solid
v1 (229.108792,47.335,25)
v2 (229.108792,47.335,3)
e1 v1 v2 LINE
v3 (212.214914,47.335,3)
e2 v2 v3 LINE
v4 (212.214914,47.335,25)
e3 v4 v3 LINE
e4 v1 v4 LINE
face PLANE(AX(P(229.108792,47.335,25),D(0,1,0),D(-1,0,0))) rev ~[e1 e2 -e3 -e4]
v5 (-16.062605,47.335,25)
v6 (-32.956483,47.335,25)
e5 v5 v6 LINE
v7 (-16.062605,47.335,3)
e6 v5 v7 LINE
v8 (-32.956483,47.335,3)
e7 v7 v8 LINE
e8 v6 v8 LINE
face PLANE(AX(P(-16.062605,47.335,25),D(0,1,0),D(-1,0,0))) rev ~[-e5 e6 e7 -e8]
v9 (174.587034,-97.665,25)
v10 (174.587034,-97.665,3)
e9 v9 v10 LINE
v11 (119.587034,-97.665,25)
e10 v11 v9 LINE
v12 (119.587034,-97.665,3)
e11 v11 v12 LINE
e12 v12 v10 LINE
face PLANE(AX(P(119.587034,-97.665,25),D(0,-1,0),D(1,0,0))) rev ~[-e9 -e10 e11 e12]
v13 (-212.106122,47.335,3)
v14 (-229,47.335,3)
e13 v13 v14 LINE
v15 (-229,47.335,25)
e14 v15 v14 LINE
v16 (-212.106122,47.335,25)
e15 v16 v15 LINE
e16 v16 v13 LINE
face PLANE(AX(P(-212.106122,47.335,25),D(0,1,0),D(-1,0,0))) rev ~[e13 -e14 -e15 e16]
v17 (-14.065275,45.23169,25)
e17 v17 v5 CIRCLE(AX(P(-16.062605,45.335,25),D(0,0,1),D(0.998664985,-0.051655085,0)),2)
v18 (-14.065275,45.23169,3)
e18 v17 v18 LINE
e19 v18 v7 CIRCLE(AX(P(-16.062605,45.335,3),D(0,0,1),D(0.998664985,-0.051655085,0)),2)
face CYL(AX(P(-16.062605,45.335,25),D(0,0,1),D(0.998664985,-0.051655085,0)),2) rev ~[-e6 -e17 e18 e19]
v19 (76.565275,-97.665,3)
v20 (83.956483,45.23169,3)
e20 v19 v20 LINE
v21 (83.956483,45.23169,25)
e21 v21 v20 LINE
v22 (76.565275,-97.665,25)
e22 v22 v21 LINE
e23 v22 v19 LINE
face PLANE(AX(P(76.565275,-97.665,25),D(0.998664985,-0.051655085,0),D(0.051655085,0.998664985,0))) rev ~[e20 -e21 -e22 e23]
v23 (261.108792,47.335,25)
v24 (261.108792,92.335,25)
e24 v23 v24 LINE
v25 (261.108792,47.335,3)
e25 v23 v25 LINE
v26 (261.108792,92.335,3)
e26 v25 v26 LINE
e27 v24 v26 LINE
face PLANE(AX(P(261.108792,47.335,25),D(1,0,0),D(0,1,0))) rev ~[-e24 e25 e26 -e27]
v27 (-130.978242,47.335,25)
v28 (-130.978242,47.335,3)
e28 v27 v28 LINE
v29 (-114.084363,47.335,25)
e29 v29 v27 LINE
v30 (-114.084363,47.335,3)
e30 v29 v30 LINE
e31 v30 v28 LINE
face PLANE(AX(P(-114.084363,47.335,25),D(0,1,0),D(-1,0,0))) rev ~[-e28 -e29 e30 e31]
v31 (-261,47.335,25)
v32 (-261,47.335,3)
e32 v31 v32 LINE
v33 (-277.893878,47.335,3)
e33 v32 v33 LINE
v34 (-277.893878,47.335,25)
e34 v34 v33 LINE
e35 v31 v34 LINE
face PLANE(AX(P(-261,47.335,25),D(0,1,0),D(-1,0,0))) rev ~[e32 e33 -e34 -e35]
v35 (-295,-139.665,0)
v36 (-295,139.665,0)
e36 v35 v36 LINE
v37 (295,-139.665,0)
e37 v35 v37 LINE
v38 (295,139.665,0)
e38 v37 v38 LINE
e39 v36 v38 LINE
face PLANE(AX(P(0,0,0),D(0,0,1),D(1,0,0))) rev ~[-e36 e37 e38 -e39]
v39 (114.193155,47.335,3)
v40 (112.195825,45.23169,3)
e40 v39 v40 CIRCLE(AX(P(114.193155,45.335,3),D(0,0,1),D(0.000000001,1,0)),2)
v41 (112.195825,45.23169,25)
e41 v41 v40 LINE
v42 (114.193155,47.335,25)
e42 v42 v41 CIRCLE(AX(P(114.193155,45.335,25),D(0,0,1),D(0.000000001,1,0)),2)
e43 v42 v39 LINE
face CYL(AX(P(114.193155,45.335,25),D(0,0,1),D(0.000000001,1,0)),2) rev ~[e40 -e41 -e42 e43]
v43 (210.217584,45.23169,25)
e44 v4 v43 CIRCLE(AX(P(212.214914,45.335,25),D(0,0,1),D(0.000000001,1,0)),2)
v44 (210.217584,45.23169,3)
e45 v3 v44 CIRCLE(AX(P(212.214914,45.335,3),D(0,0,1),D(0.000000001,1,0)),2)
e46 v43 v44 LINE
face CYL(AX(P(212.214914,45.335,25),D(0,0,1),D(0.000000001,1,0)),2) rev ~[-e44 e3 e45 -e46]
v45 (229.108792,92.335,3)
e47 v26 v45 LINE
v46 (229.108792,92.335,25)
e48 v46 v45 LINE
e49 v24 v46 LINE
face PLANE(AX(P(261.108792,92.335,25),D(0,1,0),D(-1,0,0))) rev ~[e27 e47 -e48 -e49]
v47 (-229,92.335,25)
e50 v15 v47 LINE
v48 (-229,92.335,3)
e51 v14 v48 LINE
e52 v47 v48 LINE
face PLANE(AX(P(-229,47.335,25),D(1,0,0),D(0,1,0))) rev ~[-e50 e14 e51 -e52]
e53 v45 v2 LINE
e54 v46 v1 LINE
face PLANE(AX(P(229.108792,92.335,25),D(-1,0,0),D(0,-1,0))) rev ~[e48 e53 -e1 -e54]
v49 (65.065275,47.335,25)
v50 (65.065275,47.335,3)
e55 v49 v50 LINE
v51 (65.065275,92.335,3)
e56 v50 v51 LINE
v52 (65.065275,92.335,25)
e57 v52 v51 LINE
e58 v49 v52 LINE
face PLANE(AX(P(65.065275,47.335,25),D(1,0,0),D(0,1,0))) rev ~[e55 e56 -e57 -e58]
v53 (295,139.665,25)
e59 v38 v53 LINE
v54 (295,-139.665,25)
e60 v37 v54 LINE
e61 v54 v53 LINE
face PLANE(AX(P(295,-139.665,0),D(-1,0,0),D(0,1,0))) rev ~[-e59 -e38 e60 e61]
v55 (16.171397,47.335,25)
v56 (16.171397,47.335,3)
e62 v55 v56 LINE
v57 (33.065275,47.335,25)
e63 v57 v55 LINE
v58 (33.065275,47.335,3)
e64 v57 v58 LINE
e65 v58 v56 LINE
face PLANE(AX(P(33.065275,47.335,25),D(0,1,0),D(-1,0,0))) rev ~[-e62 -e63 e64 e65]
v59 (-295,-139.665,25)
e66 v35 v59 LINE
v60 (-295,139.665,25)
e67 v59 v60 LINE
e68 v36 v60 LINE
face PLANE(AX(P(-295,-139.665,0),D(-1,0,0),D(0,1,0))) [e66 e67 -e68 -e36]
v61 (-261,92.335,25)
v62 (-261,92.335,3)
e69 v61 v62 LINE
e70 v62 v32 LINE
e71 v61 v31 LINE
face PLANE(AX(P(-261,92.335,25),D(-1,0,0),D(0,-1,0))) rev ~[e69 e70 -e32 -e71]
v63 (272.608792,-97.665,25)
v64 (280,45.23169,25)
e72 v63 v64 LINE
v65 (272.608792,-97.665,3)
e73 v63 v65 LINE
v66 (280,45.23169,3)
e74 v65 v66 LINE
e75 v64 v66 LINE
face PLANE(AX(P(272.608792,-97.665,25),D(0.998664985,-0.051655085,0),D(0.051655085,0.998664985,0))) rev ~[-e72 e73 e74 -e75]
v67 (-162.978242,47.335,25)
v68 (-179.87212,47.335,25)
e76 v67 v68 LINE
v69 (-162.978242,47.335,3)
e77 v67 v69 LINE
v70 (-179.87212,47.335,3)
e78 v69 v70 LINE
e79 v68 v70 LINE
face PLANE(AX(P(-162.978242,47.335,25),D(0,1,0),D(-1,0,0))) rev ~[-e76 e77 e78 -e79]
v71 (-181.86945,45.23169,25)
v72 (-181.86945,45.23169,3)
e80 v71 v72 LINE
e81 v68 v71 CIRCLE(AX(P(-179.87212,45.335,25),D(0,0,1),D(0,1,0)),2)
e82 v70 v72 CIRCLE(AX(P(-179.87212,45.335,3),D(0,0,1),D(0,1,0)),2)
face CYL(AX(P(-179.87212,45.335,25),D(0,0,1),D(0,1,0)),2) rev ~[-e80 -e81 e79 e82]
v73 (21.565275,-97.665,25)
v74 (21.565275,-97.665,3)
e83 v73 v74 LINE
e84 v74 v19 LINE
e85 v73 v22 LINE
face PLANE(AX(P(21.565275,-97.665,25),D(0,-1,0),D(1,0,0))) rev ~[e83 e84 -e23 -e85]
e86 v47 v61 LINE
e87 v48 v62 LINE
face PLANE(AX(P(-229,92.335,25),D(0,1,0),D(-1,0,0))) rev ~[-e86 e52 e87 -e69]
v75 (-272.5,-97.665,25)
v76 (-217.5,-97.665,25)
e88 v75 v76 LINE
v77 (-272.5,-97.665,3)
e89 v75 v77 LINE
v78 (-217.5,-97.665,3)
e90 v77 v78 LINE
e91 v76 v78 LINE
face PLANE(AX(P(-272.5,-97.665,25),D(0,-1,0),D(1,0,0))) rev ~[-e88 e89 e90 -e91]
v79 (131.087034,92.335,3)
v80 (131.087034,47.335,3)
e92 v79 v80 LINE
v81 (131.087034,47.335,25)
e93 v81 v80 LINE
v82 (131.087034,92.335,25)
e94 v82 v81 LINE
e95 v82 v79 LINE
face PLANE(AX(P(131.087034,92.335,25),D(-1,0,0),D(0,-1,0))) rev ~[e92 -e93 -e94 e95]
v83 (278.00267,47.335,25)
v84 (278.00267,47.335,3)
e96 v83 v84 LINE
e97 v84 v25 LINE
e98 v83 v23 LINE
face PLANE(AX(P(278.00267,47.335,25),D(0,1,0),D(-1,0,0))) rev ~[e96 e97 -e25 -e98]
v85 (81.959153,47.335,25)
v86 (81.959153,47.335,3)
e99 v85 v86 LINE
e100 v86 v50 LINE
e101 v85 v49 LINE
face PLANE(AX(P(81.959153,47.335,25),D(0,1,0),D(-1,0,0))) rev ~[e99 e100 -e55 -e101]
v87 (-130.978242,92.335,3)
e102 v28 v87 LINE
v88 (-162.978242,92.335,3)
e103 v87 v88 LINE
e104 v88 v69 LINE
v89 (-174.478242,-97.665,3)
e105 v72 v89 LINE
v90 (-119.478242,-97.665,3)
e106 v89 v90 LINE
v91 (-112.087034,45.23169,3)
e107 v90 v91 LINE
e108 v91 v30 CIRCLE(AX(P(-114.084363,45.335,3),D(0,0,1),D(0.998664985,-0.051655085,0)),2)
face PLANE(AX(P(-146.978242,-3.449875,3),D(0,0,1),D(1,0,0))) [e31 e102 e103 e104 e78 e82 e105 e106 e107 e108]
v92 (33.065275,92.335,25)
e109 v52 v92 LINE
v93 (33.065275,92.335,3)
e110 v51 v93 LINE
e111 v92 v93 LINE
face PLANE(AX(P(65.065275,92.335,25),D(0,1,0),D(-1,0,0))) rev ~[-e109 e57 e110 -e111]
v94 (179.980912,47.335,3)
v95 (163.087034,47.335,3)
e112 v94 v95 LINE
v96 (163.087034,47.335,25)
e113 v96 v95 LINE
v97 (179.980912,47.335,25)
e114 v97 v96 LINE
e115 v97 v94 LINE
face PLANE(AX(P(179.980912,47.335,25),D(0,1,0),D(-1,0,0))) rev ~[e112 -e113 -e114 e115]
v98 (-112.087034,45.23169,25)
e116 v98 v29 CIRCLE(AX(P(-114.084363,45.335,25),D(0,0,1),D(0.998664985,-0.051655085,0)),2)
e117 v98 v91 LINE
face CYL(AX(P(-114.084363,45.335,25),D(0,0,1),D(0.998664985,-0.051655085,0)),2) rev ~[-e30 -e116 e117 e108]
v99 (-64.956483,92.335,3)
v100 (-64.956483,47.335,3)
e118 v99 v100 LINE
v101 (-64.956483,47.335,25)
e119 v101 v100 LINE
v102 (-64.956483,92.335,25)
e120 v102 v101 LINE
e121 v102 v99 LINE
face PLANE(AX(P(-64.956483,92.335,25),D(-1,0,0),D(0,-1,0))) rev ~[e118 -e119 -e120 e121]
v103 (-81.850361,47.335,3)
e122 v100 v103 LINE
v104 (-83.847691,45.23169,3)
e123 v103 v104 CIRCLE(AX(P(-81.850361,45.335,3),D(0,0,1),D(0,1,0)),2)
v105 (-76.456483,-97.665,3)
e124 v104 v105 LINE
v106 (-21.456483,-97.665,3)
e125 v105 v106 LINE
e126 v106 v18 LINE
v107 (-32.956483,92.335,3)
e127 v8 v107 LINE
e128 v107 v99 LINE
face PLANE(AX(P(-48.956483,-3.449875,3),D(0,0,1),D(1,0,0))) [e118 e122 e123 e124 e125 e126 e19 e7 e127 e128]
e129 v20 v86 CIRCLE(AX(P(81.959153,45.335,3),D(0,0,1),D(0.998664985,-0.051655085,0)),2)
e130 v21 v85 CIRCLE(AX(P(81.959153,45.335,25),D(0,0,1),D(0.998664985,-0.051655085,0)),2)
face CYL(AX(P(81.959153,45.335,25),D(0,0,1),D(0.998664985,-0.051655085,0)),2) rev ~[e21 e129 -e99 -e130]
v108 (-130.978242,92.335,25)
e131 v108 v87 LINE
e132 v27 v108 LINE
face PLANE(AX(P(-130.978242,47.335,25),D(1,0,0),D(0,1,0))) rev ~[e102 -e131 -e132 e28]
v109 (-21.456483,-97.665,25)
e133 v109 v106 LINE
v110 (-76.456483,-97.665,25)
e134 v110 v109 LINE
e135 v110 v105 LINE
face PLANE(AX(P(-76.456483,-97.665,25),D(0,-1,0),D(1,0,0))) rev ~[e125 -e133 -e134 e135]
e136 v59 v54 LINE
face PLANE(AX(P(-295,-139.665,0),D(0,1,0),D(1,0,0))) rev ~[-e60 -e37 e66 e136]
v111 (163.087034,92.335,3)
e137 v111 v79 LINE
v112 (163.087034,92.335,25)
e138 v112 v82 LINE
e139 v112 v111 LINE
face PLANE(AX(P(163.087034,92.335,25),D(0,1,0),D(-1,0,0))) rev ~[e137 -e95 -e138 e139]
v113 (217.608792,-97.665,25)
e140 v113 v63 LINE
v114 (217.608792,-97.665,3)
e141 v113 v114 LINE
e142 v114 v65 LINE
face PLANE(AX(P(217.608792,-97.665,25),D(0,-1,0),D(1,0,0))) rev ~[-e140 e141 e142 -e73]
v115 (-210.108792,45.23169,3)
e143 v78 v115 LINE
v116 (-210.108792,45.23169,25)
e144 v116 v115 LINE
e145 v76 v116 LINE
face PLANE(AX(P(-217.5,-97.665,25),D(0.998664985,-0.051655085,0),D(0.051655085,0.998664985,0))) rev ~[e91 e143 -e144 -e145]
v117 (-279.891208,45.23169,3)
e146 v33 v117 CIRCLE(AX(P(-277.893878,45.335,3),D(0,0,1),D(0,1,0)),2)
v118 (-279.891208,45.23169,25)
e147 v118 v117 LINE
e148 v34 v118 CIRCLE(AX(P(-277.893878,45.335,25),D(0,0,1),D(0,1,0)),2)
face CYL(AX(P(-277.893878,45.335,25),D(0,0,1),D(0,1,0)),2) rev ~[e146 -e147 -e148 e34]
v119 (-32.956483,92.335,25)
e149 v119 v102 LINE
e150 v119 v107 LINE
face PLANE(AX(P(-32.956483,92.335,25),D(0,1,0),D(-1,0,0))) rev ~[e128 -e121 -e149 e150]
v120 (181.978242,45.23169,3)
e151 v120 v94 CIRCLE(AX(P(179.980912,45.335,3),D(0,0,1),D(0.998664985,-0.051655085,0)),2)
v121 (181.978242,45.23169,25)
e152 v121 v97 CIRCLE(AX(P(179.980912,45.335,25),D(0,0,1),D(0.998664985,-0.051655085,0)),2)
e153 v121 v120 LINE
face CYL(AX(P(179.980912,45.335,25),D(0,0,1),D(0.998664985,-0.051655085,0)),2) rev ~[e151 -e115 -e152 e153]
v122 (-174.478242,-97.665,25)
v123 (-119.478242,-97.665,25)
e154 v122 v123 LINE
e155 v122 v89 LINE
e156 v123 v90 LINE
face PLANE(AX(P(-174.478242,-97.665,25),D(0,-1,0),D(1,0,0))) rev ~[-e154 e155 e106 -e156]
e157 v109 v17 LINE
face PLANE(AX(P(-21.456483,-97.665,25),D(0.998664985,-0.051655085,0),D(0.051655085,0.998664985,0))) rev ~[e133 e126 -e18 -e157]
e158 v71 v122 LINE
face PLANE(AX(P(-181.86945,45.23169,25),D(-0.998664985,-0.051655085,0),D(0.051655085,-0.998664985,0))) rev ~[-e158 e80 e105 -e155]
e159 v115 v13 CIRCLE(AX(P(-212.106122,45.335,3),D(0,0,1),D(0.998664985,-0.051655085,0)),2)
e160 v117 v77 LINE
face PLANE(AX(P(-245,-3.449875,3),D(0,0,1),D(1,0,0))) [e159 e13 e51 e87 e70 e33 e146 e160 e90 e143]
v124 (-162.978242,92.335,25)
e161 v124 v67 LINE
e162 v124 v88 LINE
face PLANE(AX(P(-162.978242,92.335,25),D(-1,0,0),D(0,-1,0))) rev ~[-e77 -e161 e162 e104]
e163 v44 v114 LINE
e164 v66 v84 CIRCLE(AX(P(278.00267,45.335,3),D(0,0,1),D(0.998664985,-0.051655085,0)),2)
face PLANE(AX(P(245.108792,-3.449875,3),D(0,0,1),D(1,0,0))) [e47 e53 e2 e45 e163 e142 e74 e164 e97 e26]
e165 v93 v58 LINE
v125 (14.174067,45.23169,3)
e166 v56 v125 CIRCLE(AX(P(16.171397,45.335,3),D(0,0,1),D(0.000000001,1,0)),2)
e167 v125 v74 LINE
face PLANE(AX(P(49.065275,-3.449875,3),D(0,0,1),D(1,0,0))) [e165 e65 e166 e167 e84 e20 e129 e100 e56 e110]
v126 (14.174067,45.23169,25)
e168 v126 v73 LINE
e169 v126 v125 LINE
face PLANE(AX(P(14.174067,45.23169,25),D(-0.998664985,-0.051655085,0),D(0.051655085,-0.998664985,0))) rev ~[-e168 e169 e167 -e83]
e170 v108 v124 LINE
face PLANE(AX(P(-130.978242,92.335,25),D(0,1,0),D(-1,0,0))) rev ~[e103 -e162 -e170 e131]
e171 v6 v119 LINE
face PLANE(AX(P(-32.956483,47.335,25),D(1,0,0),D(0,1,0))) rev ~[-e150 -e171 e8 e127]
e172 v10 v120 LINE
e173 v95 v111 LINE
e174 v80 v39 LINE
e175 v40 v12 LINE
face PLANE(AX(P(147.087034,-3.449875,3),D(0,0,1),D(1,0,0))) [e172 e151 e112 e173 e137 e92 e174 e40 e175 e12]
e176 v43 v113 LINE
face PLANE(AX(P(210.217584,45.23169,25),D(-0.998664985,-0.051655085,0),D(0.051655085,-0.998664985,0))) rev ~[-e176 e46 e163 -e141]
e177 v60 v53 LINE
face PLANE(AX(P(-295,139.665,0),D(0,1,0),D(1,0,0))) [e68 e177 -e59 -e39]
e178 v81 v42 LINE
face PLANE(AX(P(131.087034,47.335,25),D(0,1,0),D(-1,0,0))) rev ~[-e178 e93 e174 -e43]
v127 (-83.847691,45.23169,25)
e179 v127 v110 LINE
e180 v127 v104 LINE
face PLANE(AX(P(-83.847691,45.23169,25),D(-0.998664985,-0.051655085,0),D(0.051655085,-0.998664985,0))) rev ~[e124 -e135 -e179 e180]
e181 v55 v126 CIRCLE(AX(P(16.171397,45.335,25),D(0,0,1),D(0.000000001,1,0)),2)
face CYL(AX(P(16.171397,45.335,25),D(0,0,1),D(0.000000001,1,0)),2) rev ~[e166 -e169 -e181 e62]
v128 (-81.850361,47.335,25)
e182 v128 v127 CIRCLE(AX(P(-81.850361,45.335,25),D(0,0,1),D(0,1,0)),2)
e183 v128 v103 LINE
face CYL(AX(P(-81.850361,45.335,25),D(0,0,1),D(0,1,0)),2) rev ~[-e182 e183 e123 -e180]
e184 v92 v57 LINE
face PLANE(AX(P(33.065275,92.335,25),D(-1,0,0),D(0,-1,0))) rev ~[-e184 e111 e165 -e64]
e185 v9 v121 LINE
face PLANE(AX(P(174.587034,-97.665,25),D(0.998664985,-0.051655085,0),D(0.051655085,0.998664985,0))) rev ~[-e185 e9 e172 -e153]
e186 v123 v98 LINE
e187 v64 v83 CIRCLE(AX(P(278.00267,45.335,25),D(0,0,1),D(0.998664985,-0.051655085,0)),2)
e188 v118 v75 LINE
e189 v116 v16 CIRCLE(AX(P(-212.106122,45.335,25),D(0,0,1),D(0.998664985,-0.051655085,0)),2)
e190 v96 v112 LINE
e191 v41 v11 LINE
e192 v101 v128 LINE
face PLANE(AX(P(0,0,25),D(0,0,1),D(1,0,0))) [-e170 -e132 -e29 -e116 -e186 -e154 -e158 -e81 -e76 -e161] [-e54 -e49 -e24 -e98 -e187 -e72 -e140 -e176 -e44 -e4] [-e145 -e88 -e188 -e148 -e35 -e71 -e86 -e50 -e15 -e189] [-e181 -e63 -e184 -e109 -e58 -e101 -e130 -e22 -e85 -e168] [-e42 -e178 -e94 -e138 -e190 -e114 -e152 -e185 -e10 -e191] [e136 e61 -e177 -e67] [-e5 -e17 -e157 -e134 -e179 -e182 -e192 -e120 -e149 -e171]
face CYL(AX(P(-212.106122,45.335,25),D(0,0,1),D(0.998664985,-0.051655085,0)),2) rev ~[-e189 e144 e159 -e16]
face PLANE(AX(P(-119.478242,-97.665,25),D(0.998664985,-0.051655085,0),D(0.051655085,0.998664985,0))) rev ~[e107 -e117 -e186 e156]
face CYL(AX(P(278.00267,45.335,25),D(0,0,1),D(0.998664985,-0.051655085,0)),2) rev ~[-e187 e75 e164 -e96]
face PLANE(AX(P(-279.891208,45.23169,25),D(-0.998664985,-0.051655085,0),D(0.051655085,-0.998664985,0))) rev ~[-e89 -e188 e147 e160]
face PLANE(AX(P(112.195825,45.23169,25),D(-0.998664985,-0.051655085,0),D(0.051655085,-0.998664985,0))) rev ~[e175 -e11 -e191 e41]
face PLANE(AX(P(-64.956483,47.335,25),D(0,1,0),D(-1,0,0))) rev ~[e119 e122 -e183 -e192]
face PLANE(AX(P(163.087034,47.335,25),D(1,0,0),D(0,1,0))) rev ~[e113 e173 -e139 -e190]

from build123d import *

# Parameters (mm, degrees)
SKETCH2_W           = 590
SKETCH2_H           = 279.33
BOSS_EXTRUDE1_DEPTH = 25
CUT_EXTRUDE1_DEPTH  = 22


with BuildPart() as part:
    # Sketch2 → Boss-Extrude1 (new body)
    with BuildSketch(Plane.XY):
        Rectangle(SKETCH2_W, SKETCH2_H)
    extrude(amount=BOSS_EXTRUDE1_DEPTH)

    # Sketch4 → Cut-Extrude1 (cut)
    with BuildSketch(Plane.XY.offset(25)):
        with BuildLine():
            Line((-261, 47.335), (-277.893878125, 47.335))
            ThreePointArc((-277.893878125, 47.335), (-279.344157467, 46.712203627), (-279.891208095, 45.231689829))
            Line((-279.891208095, 45.231689829), (-272.5, -97.665))
            Line((-272.5, -97.665), (-217.5, -97.665))
            Line((-217.5, -97.665), (-210.108791905, 45.231689829))
            ThreePointArc((-210.108791905, 45.231689829), (-210.655842533, 46.712203627), (-212.106121875, 47.335))
            Line((-212.106121875, 47.335), (-229, 47.335))
            Line((-229, 47.335), (-229, 92.335))
            Line((-229, 92.335), (-261, 92.335))
            Line((-261, 92.335), (-261, 47.335))
        make_face()
        with BuildLine():
            Line((-21.456483238, -97.665), (-14.065275143, 45.231689829))
            ThreePointArc((-14.065275143, 45.231689829), (-14.612325771, 46.712203627), (-16.062605113, 47.335))
            Line((-16.062605113, 47.335), (-32.956483238, 47.335))
            Line((-32.956483238, 47.335), (-32.956483238, 92.335))
            Line((-32.956483238, 92.335), (-64.956483238, 92.335))
            Line((-64.956483238, 92.335), (-64.956483238, 47.335))
            Line((-64.956483238, 47.335), (-81.850361363, 47.335))
            ThreePointArc((-81.850361363, 47.335), (-83.300640705, 46.712203627), (-83.847691332, 45.231689829))
            Line((-83.847691332, 45.231689829), (-76.456483238, -97.665))
            Line((-76.456483238, -97.665), (-21.456483238, -97.665))
        make_face()
        with BuildLine():
            Line((-181.869449714, 45.231689829), (-174.478241619, -97.665))
            Line((-174.478241619, -97.665), (-119.478241619, -97.665))
            Line((-119.478241619, -97.665), (-112.087033524, 45.231689829))
            ThreePointArc((-112.087033524, 45.231689829), (-112.634084152, 46.712203627), (-114.084363494, 47.335))
            Line((-114.084363494, 47.335), (-130.978241619, 47.335))
            Line((-130.978241619, 47.335), (-130.978241619, 92.335))
            Line((-130.978241619, 92.335), (-162.978241619, 92.335))
            Line((-162.978241619, 92.335), (-162.978241619, 47.335))
            Line((-162.978241619, 47.335), (-179.872119744, 47.335))
            ThreePointArc((-179.872119744, 47.335), (-181.322399086, 46.712203627), (-181.869449714, 45.231689829))
        make_face()
        with BuildLine():
            Line((76.565275143, -97.665), (83.956483238, 45.231689829))
            ThreePointArc((83.956483238, 45.231689829), (83.40943261, 46.712203627), (81.959153268, 47.335))
            Line((81.959153268, 47.335), (65.065275143, 47.335))
            Line((65.065275143, 47.335), (65.065275143, 92.335))
            Line((65.065275143, 92.335), (33.065275143, 92.335))
            Line((33.065275143, 92.335), (33.065275143, 47.335))
            Line((33.065275143, 47.335), (16.171397019, 47.335))
            ThreePointArc((16.171397019, 47.335), (14.721117676, 46.712203627), (14.174067049, 45.231689829))
            Line((14.174067049, 45.231689829), (21.565275143, -97.665))
            Line((21.565275143, -97.665), (76.565275143, -97.665))
        make_face()
        with BuildLine():
            Line((174.587033524, -97.665), (181.978241619, 45.231689829))
            ThreePointArc((181.978241619, 45.231689829), (181.431190991, 46.712203627), (179.980911649, 47.335))
            Line((179.980911649, 47.335), (163.087033524, 47.335))
            Line((163.087033524, 47.335), (163.087033524, 92.335))
            Line((163.087033524, 92.335), (131.087033524, 92.335))
            Line((131.087033524, 92.335), (131.087033524, 47.335))
            Line((131.087033524, 47.335), (114.1931554, 47.335))
            ThreePointArc((114.1931554, 47.335), (112.742876057, 46.712203627), (112.19582543, 45.231689829))
            Line((112.19582543, 45.231689829), (119.587033524, -97.665))
            Line((119.587033524, -97.665), (174.587033524, -97.665))
        make_face()
        with BuildLine():
            Line((210.217583811, 45.231689829), (217.608791905, -97.665))
            Line((217.608791905, -97.665), (272.608791905, -97.665))
            Line((272.608791905, -97.665), (280, 45.231689829))
            ThreePointArc((280, 45.231689829), (279.452949372, 46.712203627), (278.00267003, 47.335))
            Line((278.00267003, 47.335), (261.108791905, 47.335))
            Line((261.108791905, 47.335), (261.108791905, 92.335))
            Line((261.108791905, 92.335), (229.108791905, 92.335))
            Line((229.108791905, 92.335), (229.108791905, 47.335))
            Line((229.108791905, 47.335), (212.214913781, 47.335))
            ThreePointArc((212.214913781, 47.335), (210.764634438, 46.712203627), (210.217583811, 45.231689829))
        make_face()
    extrude(amount=-CUT_EXTRUDE1_DEPTH, mode=Mode.SUBTRACT)


solid = part.part
